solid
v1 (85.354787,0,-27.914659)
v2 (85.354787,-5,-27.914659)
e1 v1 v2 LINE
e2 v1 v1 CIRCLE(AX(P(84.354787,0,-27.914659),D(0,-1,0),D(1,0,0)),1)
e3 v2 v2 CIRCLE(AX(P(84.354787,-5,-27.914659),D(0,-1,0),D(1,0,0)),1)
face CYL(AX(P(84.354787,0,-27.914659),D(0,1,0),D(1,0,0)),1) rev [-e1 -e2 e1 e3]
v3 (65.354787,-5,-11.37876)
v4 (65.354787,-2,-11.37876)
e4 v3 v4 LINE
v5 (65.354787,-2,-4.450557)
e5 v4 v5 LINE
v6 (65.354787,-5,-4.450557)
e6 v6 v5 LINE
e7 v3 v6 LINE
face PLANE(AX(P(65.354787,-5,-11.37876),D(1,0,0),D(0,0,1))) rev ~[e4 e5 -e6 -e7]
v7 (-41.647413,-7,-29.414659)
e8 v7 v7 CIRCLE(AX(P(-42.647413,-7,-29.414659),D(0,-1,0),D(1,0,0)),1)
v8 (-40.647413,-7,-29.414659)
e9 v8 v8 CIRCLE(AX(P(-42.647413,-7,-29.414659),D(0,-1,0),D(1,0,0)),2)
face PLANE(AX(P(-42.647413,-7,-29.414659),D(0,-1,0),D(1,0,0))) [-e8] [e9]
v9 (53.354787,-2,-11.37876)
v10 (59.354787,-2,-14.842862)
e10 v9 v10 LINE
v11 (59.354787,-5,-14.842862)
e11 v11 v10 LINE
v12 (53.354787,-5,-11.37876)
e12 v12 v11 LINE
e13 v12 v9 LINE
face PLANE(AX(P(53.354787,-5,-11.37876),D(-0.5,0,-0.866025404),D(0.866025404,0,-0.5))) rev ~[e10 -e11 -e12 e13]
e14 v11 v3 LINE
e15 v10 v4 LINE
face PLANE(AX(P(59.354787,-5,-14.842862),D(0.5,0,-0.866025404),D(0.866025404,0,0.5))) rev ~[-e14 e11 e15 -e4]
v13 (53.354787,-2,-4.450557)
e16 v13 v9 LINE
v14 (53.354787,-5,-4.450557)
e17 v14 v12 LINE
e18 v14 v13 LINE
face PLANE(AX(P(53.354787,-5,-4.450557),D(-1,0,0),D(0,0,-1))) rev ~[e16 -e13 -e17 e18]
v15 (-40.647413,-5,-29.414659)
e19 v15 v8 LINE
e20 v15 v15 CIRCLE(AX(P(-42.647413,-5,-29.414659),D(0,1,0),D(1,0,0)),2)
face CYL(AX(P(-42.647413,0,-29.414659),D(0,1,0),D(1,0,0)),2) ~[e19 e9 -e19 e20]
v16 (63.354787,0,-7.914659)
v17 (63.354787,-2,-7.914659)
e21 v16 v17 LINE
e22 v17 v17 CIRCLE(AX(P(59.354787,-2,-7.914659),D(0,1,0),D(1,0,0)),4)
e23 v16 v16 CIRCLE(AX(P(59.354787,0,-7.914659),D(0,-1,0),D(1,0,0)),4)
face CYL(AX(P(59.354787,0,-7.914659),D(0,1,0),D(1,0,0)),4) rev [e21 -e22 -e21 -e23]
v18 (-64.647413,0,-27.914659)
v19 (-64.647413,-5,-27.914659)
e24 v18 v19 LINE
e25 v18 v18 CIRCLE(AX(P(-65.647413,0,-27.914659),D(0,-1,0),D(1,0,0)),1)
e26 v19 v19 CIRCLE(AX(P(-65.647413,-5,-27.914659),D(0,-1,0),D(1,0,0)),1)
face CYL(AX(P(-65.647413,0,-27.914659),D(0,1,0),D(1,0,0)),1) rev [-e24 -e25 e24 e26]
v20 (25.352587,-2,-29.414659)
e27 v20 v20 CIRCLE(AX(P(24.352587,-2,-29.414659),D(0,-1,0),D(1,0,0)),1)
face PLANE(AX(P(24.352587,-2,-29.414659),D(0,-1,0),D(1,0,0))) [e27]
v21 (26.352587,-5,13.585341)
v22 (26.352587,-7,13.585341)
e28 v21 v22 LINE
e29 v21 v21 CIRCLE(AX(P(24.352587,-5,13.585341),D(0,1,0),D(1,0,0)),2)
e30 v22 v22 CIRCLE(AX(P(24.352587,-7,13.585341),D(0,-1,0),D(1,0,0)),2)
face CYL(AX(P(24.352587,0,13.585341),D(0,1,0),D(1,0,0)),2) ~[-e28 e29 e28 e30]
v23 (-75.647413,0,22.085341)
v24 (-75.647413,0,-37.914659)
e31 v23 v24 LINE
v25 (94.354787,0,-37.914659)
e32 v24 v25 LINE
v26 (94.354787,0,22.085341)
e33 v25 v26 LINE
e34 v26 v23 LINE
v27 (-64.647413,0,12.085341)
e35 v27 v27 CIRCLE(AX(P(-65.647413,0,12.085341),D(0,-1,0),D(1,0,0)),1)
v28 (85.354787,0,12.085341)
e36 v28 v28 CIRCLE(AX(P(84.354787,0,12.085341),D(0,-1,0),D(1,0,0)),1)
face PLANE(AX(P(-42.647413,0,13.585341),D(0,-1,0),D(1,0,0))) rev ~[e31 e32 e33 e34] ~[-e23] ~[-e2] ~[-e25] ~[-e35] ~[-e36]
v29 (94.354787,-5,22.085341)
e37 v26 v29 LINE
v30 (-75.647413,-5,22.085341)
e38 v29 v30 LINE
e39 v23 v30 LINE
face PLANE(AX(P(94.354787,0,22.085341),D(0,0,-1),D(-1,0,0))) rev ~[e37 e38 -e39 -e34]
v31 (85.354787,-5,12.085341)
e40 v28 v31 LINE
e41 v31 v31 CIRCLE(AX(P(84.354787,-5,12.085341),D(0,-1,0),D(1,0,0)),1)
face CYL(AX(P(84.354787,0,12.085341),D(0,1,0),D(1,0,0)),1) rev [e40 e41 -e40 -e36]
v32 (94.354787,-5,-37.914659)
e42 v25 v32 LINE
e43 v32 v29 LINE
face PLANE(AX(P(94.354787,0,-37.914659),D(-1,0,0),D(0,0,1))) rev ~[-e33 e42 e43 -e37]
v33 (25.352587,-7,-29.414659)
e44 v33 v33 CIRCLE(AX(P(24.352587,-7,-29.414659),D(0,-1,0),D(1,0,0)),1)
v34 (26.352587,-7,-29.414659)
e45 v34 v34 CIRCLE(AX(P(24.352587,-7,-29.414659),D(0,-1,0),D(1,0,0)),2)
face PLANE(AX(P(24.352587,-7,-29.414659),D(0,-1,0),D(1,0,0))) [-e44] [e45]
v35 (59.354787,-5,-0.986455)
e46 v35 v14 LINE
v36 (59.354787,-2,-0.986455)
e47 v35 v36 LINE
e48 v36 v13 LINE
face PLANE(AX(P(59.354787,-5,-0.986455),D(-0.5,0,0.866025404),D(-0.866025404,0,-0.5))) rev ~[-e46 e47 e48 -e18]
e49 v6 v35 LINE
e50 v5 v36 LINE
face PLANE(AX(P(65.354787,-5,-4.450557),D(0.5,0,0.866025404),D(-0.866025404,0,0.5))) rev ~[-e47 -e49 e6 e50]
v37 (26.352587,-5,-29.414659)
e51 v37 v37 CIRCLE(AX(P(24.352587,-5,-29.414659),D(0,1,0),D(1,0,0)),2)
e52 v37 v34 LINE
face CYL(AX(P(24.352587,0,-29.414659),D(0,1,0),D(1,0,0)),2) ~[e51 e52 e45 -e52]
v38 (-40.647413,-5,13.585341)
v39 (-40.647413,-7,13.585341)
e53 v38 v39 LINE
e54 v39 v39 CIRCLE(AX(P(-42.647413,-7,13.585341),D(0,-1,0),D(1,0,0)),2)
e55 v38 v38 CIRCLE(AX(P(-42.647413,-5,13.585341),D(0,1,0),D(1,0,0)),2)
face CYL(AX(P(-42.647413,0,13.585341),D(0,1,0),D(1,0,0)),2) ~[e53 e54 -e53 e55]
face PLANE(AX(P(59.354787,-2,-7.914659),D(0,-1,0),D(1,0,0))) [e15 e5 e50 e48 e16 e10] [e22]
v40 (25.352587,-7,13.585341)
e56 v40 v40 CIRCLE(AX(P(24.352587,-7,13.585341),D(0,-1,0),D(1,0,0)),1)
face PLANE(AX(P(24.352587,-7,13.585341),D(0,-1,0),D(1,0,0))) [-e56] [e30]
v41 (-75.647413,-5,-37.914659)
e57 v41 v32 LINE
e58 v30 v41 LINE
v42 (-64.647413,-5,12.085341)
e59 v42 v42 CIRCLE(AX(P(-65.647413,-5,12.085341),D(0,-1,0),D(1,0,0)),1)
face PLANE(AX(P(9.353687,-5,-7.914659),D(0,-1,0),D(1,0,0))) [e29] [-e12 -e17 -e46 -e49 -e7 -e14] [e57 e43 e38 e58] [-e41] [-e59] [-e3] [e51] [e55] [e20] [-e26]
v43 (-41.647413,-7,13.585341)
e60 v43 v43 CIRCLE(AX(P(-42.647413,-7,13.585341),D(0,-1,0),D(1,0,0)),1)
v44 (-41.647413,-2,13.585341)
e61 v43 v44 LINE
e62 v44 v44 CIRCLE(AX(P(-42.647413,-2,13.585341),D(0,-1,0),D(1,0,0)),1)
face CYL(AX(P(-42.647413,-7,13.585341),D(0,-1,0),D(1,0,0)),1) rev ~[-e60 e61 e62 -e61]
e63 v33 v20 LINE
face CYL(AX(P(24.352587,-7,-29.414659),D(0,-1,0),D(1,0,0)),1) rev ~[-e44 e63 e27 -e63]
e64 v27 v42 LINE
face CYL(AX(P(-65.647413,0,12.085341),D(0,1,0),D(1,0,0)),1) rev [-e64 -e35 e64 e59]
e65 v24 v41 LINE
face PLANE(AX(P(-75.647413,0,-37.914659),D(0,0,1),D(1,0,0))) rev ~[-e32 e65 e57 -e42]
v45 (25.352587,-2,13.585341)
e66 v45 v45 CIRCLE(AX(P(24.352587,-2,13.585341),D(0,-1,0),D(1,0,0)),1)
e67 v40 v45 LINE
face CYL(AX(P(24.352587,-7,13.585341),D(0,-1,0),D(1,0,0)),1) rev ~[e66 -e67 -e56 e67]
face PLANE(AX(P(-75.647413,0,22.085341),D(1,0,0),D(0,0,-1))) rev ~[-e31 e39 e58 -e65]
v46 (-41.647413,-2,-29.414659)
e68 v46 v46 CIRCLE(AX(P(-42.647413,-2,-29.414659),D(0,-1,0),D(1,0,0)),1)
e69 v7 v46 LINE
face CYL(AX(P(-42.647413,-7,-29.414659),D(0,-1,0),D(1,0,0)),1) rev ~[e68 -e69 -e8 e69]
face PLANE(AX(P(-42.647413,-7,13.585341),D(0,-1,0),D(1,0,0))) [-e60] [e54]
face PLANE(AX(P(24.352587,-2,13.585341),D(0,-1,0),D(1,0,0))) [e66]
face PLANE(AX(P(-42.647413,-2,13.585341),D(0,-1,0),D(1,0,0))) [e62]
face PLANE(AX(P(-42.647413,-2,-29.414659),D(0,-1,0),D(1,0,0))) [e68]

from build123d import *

# Parameters (mm, degrees)
F0_R      = 1
F0_R_2    = 2
F0_R_3    = 4
F1_DEPTH  = 5
F2_DEPTH  = 7
F3_DEPTH  = 6.604
F4_R      = 1
F5_DEPTH  = 5
F6_R      = 1
F7_DEPTH  = 5
F8_R      = 1
F9_DEPTH  = 5
F10_R     = 1
F11_DEPTH = 5
F13_DEPTH = 3


with BuildPart() as f1:
    # F0 (on Front) → F1 (new body)
    with BuildSketch(Plane.XZ):
        Polygon((-75.6474129446, -7.9146586359), (-75.6474129446, -37.9146586359), (94.3547870554, -37.9146586359), (94.3547870554, 22.0853413641), (59.3547870554, 22.0853413641), (24.3525870554, 22.0853413641), (-75.6474129446, 22.0853413641), align=None)
        with Locations((-65.6474129446, -27.9146586359)):
            Circle(F0_R, mode=Mode.SUBTRACT)
        with Locations((-42.6474129446, -29.4146586359)):
            Circle(F0_R_2, mode=Mode.SUBTRACT)
        with Locations((24.3525870554, -29.4146586359)):
            Circle(F0_R_2, mode=Mode.SUBTRACT)
        with Locations((84.3547870554, -27.9146586359)):
            Circle(F0_R, mode=Mode.SUBTRACT)
        Polygon((59.3547870554, -0.9864554056), (65.3547870554, -4.4505570207), (65.3547870554, -11.378760251), (59.3547870554, -14.8428618661), (53.3547870554, -11.378760251), (53.3547870554, -4.4505570207), align=None, mode=Mode.SUBTRACT)
        with Locations((-65.6474129446, 12.0853413641)):
            Circle(F0_R, mode=Mode.SUBTRACT)
        with Locations((-42.6474129446, 13.5853413641)):
            Circle(F0_R_2, mode=Mode.SUBTRACT)
        with Locations((24.3525870554, 13.5853413641)):
            Circle(F0_R_2, mode=Mode.SUBTRACT)
        with Locations((84.3547870554, 12.0853413641)):
            Circle(F0_R, mode=Mode.SUBTRACT)
        Polygon((65.3547870554, -11.378760251), (65.3547870554, -4.4505570207), (59.3547870554, -0.9864554056), (53.3547870554, -4.4505570207), (53.3547870554, -11.378760251), (59.3547870554, -14.8428618661), align=None)
        with Locations((59.3547870554, -7.9146586359)):
            Circle(F0_R_3, mode=Mode.SUBTRACT)
        with Locations((24.3525870554, -29.4146586359)):
            Circle(F0_R_2)
        with Locations((24.3525870554, -29.4146586359)):
            Circle(F0_R, mode=Mode.SUBTRACT)
        with Locations((-42.6474129446, -29.4146586359)):
            Circle(F0_R_2)
        with Locations((-42.6474129446, -29.4146586359)):
            Circle(F0_R, mode=Mode.SUBTRACT)
        with Locations((-42.6474129446, 13.5853413641)):
            Circle(F0_R_2)
        with Locations((-42.6474129446, 13.5853413641)):
            Circle(F0_R, mode=Mode.SUBTRACT)
        with Locations((24.3525870554, 13.5853413641)):
            Circle(F0_R_2)
        with Locations((24.3525870554, 13.5853413641)):
            Circle(F0_R, mode=Mode.SUBTRACT)
        with Locations((24.3525870554, -29.4146586359)):
            Circle(F0_R)
        with Locations((-42.6474129446, -29.4146586359)):
            Circle(F0_R)
        with Locations((-42.6474129446, 13.5853413641)):
            Circle(F0_R)
        with Locations((24.3525870554, 13.5853413641)):
            Circle(F0_R)
    extrude(amount=F1_DEPTH)

    # F0 (on Front) → F2 (join)
    with BuildSketch(Plane.XZ):
        with Locations((-42.6474129446, 13.5853413641)):
            Circle(F0_R_2)
        with Locations((-42.6474129446, 13.5853413641)):
            Circle(F0_R, mode=Mode.SUBTRACT)
        with Locations((-42.6474129446, -29.4146586359)):
            Circle(F0_R_2)
        with Locations((-42.6474129446, -29.4146586359)):
            Circle(F0_R, mode=Mode.SUBTRACT)
        with Locations((24.3525870554, -29.4146586359)):
            Circle(F0_R_2)
        with Locations((24.3525870554, -29.4146586359)):
            Circle(F0_R, mode=Mode.SUBTRACT)
        with Locations((24.3525870554, 13.5853413641)):
            Circle(F0_R_2)
        with Locations((24.3525870554, 13.5853413641)):
            Circle(F0_R, mode=Mode.SUBTRACT)
        with Locations((-42.6474129446, -29.4146586359)):
            Circle(F0_R)
        with Locations((-42.6474129446, 13.5853413641)):
            Circle(F0_R)
        with Locations((24.3525870554, 13.5853413641)):
            Circle(F0_R)
        with Locations((24.3525870554, -29.4146586359)):
            Circle(F0_R)
    extrude(amount=F2_DEPTH)

    # F0 (on Front) → F3 (join)
    with BuildSketch(Plane.XZ):
        with Locations((-42.6474129446, 13.5853413641)):
            Circle(F0_R)
        with Locations((24.3525870554, 13.5853413641)):
            Circle(F0_R)
        with Locations((-42.6474129446, -29.4146586359)):
            Circle(F0_R)
    extrude(amount=F3_DEPTH)

    # F4 (on face) → F5 (cut)
    with BuildSketch(Plane.XZ.offset(7)):
        with Locations((-42.6474129446, 13.5853413641)):
            Circle(F4_R)
    extrude(amount=-F5_DEPTH, mode=Mode.SUBTRACT)

    # F6 (on face) → F7 (cut)
    with BuildSketch(Plane.XZ.offset(7)):
        with Locations((24.3525870554, 13.5853413641)):
            Circle(F6_R)
    extrude(amount=-F7_DEPTH, mode=Mode.SUBTRACT)

    # F8 (on face) → F9 (cut)
    with BuildSketch(Plane.XZ.offset(7)):
        with Locations((-42.6474129446, -29.4146586359)):
            Circle(F8_R)
    extrude(amount=-F9_DEPTH, mode=Mode.SUBTRACT)

    # F10 (on face) → F11 (cut)
    with BuildSketch(Plane.XZ.offset(7)):
        with Locations((24.3525870554, -29.4146586359)):
            Circle(F10_R)
    extrude(amount=-F11_DEPTH, mode=Mode.SUBTRACT)

    # F12 (on face) → F13 (cut)
    with BuildSketch(Plane.XZ.offset(5)):
        Polygon((65.3547870554, -11.378760251), (65.3547870554, -4.4505570207), (59.3547870554, -0.9864554056), (53.3547870554, -4.4505570207), (53.3547870554, -11.378760251), (59.3547870554, -14.8428618661), align=None)
    extrude(amount=-F13_DEPTH, mode=Mode.SUBTRACT)


solid = f1.part
